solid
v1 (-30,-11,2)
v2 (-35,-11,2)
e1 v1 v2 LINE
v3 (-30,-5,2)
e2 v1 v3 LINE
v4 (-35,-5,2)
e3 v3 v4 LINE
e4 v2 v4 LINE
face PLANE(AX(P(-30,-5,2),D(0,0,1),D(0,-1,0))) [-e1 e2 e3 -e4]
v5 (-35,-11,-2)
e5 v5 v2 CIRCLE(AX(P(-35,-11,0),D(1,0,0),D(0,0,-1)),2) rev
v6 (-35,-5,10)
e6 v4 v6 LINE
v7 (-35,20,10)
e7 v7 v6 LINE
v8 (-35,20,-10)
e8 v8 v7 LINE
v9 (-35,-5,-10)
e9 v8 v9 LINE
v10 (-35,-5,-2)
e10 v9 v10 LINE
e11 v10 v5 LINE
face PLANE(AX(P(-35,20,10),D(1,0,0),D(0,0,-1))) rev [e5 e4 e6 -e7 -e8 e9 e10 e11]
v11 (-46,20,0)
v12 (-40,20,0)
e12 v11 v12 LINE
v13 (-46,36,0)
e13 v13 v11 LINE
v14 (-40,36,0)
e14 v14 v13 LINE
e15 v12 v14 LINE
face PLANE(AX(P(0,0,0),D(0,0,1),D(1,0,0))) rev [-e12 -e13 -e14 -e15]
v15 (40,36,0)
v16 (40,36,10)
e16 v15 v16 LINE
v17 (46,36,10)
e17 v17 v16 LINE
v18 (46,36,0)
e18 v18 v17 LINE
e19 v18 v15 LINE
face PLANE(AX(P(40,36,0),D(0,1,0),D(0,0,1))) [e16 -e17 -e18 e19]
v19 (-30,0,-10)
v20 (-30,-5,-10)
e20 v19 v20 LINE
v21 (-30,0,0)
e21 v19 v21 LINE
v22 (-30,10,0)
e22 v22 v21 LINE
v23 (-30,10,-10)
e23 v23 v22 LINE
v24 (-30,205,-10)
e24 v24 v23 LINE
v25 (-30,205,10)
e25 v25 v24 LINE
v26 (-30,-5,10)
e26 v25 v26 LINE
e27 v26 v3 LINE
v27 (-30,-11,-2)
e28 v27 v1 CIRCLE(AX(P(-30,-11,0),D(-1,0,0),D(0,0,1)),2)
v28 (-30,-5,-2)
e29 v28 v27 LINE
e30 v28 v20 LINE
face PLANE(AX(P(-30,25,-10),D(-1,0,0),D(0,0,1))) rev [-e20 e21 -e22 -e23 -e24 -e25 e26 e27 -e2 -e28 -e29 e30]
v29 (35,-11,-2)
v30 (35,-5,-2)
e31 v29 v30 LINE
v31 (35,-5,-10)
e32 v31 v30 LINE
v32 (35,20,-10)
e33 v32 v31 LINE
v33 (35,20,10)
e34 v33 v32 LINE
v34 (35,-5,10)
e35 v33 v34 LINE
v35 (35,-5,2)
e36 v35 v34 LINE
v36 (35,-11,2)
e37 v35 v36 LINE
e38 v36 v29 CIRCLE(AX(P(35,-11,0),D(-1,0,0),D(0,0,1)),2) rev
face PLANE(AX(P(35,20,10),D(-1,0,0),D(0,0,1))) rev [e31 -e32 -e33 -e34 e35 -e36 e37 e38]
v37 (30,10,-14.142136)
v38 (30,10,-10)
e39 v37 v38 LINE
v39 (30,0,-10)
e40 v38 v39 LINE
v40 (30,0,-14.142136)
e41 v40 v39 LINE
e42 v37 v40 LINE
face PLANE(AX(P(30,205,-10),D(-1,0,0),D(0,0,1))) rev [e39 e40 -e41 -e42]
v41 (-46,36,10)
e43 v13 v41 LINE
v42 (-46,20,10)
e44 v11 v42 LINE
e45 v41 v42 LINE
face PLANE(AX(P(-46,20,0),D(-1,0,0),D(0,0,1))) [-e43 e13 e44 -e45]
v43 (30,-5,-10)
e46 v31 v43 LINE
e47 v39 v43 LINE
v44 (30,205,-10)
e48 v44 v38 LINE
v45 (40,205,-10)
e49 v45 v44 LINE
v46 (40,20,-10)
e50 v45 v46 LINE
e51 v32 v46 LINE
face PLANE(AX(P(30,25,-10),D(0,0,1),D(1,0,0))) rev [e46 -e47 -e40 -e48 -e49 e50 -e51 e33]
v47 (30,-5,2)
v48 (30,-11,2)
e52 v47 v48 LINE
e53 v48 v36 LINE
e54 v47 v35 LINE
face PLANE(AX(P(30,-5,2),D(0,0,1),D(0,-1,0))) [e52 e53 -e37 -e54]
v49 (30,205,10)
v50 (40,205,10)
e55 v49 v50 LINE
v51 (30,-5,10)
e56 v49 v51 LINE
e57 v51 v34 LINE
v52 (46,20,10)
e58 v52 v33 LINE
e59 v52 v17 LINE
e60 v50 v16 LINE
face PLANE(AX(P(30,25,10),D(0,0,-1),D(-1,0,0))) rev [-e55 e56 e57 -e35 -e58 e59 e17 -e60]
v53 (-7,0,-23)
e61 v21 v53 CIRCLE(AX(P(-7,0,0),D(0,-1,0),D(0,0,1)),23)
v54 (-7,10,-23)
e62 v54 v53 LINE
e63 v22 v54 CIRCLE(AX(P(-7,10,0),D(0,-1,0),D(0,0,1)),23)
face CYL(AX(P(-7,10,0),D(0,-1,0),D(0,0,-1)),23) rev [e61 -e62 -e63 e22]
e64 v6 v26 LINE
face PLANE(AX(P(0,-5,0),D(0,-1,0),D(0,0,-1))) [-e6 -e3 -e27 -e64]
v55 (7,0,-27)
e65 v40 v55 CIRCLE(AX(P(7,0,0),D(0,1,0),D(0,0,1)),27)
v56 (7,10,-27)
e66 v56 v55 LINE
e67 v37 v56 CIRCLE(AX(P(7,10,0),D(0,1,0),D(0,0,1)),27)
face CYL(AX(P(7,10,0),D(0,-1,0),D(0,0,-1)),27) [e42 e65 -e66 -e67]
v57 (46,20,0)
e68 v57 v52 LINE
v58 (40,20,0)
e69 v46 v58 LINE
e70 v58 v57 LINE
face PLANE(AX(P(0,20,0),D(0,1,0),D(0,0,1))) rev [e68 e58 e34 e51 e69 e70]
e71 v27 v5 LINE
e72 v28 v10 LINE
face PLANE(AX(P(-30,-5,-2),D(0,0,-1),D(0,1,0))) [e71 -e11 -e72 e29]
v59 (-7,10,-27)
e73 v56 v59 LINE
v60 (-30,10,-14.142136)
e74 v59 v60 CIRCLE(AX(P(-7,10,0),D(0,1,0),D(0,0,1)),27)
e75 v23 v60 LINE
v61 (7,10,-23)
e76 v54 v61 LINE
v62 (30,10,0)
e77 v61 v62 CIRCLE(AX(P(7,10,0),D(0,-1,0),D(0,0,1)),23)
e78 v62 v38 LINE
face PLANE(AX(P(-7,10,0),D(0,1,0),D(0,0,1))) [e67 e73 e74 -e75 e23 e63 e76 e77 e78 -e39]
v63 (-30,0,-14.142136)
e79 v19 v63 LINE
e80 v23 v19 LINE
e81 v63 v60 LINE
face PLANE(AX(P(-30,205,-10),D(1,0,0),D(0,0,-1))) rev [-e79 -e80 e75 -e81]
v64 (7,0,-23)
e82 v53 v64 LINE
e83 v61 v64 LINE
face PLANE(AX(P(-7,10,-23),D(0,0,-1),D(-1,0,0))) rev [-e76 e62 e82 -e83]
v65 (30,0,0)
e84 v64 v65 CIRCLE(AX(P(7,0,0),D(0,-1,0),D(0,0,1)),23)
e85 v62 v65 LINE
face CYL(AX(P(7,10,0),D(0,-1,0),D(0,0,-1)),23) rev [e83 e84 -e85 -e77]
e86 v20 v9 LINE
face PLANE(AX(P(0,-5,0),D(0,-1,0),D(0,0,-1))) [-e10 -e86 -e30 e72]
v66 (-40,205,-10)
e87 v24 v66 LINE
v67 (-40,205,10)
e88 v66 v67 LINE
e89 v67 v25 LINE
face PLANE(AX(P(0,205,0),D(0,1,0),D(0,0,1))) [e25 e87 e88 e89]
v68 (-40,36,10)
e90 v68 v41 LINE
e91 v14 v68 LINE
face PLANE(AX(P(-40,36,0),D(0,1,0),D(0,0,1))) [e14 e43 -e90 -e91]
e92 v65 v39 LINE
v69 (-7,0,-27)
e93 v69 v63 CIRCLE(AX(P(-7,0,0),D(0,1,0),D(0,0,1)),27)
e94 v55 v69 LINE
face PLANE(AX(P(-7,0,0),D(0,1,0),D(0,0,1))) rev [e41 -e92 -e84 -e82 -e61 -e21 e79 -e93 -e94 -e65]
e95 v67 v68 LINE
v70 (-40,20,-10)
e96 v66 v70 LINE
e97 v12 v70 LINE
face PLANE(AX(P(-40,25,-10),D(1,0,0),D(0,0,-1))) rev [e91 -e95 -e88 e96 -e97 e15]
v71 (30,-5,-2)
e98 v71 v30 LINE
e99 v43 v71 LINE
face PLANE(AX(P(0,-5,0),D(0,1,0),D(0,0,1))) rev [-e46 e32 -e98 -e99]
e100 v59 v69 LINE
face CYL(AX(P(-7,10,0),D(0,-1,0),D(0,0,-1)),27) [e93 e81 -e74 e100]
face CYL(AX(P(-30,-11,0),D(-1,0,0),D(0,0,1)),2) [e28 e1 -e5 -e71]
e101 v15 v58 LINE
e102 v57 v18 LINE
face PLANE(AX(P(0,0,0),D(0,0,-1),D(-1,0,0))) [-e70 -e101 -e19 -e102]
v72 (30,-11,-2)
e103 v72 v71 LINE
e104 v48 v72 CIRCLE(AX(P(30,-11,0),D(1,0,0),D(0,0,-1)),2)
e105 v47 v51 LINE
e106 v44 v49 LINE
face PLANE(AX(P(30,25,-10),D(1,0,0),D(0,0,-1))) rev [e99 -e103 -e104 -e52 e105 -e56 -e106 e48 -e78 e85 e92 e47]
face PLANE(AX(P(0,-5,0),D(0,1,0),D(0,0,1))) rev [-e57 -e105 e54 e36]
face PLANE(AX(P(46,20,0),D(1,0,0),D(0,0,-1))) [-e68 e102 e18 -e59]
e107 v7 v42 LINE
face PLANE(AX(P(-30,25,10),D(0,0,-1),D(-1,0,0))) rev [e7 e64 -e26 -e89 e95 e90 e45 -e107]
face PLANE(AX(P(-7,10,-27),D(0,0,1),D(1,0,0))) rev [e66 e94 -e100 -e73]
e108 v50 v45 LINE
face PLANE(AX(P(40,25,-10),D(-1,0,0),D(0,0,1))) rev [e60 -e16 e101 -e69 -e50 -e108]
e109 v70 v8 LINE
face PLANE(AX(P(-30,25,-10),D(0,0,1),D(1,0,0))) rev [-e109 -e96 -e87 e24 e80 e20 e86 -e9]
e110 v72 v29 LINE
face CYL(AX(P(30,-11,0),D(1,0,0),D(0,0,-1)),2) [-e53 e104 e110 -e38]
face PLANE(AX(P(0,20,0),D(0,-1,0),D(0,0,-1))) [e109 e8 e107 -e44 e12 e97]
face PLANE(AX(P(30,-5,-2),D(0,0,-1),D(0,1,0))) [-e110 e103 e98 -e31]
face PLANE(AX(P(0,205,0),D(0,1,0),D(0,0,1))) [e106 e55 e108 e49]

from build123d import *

# Parameters (mm, degrees)
EXTRUDE_1_DEPTH     = 10
SKETCH_3_W          = 10
SKETCH_3_H          = 20
EXTRUDE_2_DEPTH     = 15
EXTRUDE_3_DEPTH     = 10
EXTRUDE_4_DEPTH     = 10
SKETCH_6_W          = 10
SKETCH_6_H          = 20
EXTRUDE_5_DEPTH     = 180
SKETCH_7_W          = 10.379175533
SKETCH_7_H          = 10.878140119
SKETCH_7_W_2        = 7.174479062
SKETCH_7_H_2        = 11.599196825
CUT_EXTRUDE_1_DEPTH = 211
SKETCH_8_W          = 5
SKETCH_8_H          = 20
CUT_EXTRUDE_2_DEPTH = 25
SKETCH_9_W          = 6
SKETCH_9_H          = 16
EXTRUDE_6_DEPTH     = 10


with BuildPart() as part:
    # 草图2 → 凸台-拉伸1 (new body)
    with BuildSketch(Plane(origin=(0, 0, 0), x_dir=(1, 0, 0), z_dir=(0, 1, 0))):
        with BuildLine():
            Line((-7, 23), (7, 23))
            ThreePointArc((7, 23), (23.263455967, 16.263455967), (30, 0))
            Line((30, 0), (34, 0))
            ThreePointArc((34, 0), (26.091883092, 19.091883092), (7, 27))
            Line((7, 27), (-7, 27))
            ThreePointArc((-7, 27), (-26.091883092, 19.091883092), (-34, 0))
            Line((-34, 0), (-30, 0))
            ThreePointArc((-30, 0), (-23.263455967, 16.263455967), (-7, 23))
        make_face()
    extrude(amount=EXTRUDE_1_DEPTH)

    # 草图3 → 凸台-拉伸2 (add, symmetric)
    with BuildSketch(Plane(origin=(0, 10, 0), x_dir=(1, 0, 0), z_dir=(0, 1, 0))):
        with Locations((-35, 0)):
            Rectangle(SKETCH_3_W, SKETCH_3_H)
        with Locations((35, 0)):
            Rectangle(SKETCH_3_W, SKETCH_3_H)
    extrude(amount=EXTRUDE_2_DEPTH, both=True)

    # 草图4 → 凸台-拉伸3 (add)
    with BuildSketch(Plane(origin=(40, 0, 0), x_dir=(0, 0, -1), z_dir=(1, 0, 0))):
        with BuildLine():
            Line((-2, -5), (2, -5))
            Line((2, -5), (2, -11))
            ThreePointArc((2, -11), (0, -13), (-2, -11))
            Line((-2, -11), (-2, -5))
        make_face()
    extrude(amount=-EXTRUDE_3_DEPTH)

    # 草图5 → 凸台-拉伸4 (add)
    with BuildSketch(Plane.ZY.offset(40)):
        with BuildLine():
            Line((-2, -5), (2, -5))
            Line((2, -5), (2, -11))
            ThreePointArc((2, -11), (0, -13), (-2, -11))
            Line((-2, -11), (-2, -5))
        make_face()
    extrude(amount=-EXTRUDE_4_DEPTH)

    # 草图6 → 凸台-拉伸5 (add)
    with BuildSketch(Plane(origin=(0, 25, 0), x_dir=(1, 0, 0), z_dir=(0, 1, 0))):
        with Locations((-35, 0)):
            Rectangle(SKETCH_6_W, SKETCH_6_H)
        with Locations((35, 0)):
            Rectangle(SKETCH_6_W, SKETCH_6_H)
    extrude(amount=EXTRUDE_5_DEPTH)

    # 草图7 → 切除-拉伸1 (cut, through all)
    with BuildSketch(Plane.XZ.offset(5)):
        with Locations((-35.189587767, -15.43907006)):
            Rectangle(SKETCH_7_W, SKETCH_7_H)
        with Locations((33.587239531, -15.799598412)):
            Rectangle(SKETCH_7_W_2, SKETCH_7_H_2)
    extrude(amount=-CUT_EXTRUDE_1_DEPTH, mode=Mode.SUBTRACT)

    # 草图8 → 切除-拉伸2 (cut, symmetric)
    with BuildSketch(Plane.XZ.offset(5)):
        with Locations((-37.5, 0)):
            Rectangle(SKETCH_8_W, SKETCH_8_H)
        with Locations((37.5, 0)):
            Rectangle(SKETCH_8_W, SKETCH_8_H)
    extrude(amount=CUT_EXTRUDE_2_DEPTH, both=True, mode=Mode.SUBTRACT)

    # 草图9 → 凸台-拉伸6 (add)
    with BuildSketch(Plane.XY.offset(10)):
        with Locations((43, 28)):
            Rectangle(SKETCH_9_W, SKETCH_9_H)
        with Locations((-43, 28)):
            Rectangle(SKETCH_9_W, SKETCH_9_H)
    extrude(amount=-EXTRUDE_6_DEPTH)


solid = part.part
